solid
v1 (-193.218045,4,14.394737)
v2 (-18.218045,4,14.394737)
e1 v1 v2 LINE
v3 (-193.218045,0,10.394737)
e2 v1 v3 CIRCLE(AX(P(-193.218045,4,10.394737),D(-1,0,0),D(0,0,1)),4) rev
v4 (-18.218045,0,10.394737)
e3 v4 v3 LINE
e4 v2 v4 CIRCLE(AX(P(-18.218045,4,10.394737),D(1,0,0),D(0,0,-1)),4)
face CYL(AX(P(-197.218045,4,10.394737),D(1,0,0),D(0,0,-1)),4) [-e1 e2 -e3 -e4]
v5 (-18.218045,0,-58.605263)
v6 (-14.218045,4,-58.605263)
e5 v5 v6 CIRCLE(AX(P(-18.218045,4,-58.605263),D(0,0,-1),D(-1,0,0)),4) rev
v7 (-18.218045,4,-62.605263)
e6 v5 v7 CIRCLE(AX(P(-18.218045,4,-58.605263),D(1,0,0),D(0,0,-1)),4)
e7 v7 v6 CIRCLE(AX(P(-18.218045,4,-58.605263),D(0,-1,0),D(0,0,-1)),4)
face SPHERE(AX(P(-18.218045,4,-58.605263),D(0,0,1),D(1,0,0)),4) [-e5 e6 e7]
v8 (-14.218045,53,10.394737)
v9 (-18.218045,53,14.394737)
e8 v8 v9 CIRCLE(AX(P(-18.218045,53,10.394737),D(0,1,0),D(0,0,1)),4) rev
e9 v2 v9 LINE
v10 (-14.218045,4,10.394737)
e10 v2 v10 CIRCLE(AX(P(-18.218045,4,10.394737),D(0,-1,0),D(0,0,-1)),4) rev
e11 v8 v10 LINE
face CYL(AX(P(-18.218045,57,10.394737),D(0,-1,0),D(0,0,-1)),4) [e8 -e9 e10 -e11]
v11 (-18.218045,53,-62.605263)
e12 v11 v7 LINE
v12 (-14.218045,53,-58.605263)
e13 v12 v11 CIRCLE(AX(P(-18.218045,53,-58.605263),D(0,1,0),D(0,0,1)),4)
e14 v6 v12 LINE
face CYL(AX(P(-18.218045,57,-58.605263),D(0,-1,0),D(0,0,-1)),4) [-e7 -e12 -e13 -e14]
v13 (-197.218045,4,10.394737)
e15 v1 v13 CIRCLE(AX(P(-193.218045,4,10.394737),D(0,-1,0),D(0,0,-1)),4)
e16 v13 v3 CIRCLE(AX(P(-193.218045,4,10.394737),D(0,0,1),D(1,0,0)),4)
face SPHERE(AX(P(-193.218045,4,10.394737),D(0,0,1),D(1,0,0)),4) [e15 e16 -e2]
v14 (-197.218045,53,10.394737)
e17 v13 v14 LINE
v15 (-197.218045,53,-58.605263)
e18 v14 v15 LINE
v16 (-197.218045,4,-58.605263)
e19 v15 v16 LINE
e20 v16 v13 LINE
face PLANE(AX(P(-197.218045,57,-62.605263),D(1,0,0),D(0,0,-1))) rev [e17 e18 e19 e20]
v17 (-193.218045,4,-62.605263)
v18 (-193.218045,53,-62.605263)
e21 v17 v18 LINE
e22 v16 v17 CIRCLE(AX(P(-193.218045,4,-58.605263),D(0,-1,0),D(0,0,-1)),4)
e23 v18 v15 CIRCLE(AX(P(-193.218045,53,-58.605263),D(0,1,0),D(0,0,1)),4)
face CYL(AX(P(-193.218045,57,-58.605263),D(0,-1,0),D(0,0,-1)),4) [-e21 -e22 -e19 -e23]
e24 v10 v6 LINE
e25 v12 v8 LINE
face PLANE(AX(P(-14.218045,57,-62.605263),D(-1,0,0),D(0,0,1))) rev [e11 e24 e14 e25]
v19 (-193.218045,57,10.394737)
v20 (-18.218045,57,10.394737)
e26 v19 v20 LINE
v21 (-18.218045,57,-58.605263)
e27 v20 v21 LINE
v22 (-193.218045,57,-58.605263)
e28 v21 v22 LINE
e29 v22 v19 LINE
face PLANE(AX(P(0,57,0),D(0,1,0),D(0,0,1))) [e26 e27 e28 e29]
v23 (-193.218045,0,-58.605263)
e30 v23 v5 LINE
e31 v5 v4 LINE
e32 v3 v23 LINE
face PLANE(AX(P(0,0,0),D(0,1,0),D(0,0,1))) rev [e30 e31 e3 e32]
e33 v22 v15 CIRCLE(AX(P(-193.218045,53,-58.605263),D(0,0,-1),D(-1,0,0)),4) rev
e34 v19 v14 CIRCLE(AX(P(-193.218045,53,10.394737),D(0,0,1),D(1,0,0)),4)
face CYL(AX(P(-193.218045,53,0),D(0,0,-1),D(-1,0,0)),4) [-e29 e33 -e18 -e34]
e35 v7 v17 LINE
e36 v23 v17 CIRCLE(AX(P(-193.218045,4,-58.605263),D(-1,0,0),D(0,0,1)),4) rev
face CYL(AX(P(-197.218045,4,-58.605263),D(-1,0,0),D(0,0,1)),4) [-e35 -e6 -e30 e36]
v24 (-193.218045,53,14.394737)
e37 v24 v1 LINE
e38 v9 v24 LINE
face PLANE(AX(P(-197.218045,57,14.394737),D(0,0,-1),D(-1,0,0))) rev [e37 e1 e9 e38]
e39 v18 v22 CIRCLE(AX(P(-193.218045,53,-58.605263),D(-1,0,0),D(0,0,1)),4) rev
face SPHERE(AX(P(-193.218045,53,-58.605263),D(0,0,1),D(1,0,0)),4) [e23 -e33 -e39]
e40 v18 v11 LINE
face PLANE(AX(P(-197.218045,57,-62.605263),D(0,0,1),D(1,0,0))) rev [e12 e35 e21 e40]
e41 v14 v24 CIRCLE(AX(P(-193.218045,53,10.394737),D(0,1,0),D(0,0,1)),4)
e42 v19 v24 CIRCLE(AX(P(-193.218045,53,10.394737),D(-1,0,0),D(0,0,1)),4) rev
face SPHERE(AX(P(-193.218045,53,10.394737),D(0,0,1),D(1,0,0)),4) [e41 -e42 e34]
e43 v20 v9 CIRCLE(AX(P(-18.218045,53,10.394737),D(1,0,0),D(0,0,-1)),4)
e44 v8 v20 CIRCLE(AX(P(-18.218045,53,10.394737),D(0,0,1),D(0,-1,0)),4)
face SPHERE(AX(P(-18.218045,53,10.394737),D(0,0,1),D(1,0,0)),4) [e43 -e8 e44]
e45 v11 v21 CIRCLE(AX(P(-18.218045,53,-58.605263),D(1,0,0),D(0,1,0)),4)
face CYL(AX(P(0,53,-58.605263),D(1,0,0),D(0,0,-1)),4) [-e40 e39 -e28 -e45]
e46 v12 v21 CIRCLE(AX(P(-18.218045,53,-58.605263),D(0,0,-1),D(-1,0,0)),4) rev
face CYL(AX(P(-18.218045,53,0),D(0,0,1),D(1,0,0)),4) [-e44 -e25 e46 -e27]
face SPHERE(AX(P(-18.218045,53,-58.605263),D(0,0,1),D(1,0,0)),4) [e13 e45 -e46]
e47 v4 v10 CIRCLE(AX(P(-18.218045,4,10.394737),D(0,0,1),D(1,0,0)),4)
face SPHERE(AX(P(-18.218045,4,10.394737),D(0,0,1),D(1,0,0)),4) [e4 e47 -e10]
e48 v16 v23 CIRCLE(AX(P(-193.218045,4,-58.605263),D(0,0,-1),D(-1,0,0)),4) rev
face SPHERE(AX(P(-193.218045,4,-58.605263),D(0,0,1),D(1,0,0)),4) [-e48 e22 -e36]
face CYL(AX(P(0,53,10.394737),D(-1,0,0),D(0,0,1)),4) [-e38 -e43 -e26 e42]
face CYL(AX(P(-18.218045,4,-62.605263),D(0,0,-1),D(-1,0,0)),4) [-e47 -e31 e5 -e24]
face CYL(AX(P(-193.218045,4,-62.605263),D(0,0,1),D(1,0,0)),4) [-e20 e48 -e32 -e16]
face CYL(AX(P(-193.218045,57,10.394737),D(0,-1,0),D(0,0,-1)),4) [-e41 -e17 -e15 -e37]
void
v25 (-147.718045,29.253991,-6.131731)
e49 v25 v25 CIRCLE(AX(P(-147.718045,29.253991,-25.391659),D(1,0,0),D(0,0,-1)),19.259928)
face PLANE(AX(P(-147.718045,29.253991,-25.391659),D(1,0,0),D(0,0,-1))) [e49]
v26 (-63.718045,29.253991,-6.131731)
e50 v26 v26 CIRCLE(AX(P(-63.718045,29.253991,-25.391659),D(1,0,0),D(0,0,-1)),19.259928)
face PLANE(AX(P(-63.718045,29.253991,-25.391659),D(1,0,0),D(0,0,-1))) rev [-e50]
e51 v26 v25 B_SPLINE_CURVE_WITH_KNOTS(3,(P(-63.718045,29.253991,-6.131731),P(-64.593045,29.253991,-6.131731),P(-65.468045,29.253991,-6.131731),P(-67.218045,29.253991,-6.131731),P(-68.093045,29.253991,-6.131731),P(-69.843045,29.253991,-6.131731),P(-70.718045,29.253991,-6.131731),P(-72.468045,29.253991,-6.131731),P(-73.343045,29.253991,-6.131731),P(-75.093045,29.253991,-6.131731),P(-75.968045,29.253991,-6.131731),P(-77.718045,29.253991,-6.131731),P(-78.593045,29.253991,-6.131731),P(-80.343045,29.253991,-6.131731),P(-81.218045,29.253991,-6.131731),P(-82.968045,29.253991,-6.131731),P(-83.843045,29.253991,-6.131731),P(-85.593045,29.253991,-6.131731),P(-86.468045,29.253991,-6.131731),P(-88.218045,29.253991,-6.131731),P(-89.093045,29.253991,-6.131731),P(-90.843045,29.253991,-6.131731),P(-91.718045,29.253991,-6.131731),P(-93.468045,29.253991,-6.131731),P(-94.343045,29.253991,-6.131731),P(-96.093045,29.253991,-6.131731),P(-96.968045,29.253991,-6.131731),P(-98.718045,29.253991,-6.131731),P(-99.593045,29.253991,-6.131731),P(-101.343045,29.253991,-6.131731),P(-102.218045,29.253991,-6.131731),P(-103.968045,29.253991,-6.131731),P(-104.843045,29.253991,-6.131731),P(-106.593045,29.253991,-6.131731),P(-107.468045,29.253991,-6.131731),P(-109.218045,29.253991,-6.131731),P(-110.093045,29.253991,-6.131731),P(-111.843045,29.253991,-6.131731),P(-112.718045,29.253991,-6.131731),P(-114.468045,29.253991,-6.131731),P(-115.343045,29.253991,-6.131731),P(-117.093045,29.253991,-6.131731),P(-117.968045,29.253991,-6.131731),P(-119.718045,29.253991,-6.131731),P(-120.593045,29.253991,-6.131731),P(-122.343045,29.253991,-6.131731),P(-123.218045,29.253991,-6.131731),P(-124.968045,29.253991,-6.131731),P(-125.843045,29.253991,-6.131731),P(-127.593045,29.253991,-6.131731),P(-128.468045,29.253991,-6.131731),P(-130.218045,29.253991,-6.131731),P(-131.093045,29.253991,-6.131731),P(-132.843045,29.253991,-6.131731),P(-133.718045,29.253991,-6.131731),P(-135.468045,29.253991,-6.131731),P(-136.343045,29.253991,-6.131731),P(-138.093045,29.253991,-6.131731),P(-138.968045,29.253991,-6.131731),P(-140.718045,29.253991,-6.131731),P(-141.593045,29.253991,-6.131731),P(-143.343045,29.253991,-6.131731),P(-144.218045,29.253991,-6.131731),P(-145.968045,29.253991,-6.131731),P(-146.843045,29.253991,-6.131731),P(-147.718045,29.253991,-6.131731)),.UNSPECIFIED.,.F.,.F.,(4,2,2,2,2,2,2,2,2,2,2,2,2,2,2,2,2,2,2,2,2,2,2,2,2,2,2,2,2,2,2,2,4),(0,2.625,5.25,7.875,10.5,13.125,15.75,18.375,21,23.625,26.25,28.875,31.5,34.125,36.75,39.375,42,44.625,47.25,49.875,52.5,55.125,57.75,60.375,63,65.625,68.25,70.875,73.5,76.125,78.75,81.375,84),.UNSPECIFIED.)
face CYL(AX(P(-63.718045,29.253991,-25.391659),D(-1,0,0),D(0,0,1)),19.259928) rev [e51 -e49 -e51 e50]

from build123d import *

# Parameters (mm, degrees)
SKETCH1_W           = 183
SKETCH1_H           = 77
BOSS_EXTRUDE1_DEPTH = 57
FILLET1_R           = 4
SKETCH2_R           = 19.259927961
CUT_EXTRUDE1_DEPTH  = 42


with BuildPart() as part:
    # Sketch1 → Boss-Extrude1 (new body)
    with BuildSketch(Plane(origin=(0, 0, 0), x_dir=(1, 0, 0), z_dir=(0, 1, 0))):
        with Locations((-105.718045113, 24.105263158)):
            Rectangle(SKETCH1_W, SKETCH1_H)
    extrude(amount=BOSS_EXTRUDE1_DEPTH)

    # Fillet1
    fillet1_edges = [part.edges().sort_by_distance(p)[0] for p in [
        (-14.218045113, 57, -24.105263158),
        (-105.718045113, 57, -62.605263158),
        (-197.218045113, 57, -24.105263158),
        (-105.718045113, 0, -62.605263158),
        (-14.218045113, 0, -24.105263158),
        (-105.718045113, 0, 14.394736842),
        (-197.218045113, 0, -24.105263158),
        (-105.718045113, 57, 14.394736842),
        (-197.218045113, 28.5, -62.605263158),
        (-14.218045113, 28.5, -62.605263158),
        (-14.218045113, 28.5, 14.394736842),
        (-197.218045113, 28.5, 14.394736842),
    ]]
    fillet(fillet1_edges, radius=FILLET1_R)

    # Sketch2 → Cut-Extrude1 (cut, symmetric)
    with BuildSketch(Plane(origin=(-105.718045113, 0, 0), x_dir=(0, 0, -1), z_dir=(1, 0, 0))):
        with Locations(Location((25.391658687, 29.2539915, 0), (0, 0, 180))):
            Circle(SKETCH2_R)
    extrude(amount=CUT_EXTRUDE1_DEPTH, both=True, mode=Mode.SUBTRACT)


solid = part.part
